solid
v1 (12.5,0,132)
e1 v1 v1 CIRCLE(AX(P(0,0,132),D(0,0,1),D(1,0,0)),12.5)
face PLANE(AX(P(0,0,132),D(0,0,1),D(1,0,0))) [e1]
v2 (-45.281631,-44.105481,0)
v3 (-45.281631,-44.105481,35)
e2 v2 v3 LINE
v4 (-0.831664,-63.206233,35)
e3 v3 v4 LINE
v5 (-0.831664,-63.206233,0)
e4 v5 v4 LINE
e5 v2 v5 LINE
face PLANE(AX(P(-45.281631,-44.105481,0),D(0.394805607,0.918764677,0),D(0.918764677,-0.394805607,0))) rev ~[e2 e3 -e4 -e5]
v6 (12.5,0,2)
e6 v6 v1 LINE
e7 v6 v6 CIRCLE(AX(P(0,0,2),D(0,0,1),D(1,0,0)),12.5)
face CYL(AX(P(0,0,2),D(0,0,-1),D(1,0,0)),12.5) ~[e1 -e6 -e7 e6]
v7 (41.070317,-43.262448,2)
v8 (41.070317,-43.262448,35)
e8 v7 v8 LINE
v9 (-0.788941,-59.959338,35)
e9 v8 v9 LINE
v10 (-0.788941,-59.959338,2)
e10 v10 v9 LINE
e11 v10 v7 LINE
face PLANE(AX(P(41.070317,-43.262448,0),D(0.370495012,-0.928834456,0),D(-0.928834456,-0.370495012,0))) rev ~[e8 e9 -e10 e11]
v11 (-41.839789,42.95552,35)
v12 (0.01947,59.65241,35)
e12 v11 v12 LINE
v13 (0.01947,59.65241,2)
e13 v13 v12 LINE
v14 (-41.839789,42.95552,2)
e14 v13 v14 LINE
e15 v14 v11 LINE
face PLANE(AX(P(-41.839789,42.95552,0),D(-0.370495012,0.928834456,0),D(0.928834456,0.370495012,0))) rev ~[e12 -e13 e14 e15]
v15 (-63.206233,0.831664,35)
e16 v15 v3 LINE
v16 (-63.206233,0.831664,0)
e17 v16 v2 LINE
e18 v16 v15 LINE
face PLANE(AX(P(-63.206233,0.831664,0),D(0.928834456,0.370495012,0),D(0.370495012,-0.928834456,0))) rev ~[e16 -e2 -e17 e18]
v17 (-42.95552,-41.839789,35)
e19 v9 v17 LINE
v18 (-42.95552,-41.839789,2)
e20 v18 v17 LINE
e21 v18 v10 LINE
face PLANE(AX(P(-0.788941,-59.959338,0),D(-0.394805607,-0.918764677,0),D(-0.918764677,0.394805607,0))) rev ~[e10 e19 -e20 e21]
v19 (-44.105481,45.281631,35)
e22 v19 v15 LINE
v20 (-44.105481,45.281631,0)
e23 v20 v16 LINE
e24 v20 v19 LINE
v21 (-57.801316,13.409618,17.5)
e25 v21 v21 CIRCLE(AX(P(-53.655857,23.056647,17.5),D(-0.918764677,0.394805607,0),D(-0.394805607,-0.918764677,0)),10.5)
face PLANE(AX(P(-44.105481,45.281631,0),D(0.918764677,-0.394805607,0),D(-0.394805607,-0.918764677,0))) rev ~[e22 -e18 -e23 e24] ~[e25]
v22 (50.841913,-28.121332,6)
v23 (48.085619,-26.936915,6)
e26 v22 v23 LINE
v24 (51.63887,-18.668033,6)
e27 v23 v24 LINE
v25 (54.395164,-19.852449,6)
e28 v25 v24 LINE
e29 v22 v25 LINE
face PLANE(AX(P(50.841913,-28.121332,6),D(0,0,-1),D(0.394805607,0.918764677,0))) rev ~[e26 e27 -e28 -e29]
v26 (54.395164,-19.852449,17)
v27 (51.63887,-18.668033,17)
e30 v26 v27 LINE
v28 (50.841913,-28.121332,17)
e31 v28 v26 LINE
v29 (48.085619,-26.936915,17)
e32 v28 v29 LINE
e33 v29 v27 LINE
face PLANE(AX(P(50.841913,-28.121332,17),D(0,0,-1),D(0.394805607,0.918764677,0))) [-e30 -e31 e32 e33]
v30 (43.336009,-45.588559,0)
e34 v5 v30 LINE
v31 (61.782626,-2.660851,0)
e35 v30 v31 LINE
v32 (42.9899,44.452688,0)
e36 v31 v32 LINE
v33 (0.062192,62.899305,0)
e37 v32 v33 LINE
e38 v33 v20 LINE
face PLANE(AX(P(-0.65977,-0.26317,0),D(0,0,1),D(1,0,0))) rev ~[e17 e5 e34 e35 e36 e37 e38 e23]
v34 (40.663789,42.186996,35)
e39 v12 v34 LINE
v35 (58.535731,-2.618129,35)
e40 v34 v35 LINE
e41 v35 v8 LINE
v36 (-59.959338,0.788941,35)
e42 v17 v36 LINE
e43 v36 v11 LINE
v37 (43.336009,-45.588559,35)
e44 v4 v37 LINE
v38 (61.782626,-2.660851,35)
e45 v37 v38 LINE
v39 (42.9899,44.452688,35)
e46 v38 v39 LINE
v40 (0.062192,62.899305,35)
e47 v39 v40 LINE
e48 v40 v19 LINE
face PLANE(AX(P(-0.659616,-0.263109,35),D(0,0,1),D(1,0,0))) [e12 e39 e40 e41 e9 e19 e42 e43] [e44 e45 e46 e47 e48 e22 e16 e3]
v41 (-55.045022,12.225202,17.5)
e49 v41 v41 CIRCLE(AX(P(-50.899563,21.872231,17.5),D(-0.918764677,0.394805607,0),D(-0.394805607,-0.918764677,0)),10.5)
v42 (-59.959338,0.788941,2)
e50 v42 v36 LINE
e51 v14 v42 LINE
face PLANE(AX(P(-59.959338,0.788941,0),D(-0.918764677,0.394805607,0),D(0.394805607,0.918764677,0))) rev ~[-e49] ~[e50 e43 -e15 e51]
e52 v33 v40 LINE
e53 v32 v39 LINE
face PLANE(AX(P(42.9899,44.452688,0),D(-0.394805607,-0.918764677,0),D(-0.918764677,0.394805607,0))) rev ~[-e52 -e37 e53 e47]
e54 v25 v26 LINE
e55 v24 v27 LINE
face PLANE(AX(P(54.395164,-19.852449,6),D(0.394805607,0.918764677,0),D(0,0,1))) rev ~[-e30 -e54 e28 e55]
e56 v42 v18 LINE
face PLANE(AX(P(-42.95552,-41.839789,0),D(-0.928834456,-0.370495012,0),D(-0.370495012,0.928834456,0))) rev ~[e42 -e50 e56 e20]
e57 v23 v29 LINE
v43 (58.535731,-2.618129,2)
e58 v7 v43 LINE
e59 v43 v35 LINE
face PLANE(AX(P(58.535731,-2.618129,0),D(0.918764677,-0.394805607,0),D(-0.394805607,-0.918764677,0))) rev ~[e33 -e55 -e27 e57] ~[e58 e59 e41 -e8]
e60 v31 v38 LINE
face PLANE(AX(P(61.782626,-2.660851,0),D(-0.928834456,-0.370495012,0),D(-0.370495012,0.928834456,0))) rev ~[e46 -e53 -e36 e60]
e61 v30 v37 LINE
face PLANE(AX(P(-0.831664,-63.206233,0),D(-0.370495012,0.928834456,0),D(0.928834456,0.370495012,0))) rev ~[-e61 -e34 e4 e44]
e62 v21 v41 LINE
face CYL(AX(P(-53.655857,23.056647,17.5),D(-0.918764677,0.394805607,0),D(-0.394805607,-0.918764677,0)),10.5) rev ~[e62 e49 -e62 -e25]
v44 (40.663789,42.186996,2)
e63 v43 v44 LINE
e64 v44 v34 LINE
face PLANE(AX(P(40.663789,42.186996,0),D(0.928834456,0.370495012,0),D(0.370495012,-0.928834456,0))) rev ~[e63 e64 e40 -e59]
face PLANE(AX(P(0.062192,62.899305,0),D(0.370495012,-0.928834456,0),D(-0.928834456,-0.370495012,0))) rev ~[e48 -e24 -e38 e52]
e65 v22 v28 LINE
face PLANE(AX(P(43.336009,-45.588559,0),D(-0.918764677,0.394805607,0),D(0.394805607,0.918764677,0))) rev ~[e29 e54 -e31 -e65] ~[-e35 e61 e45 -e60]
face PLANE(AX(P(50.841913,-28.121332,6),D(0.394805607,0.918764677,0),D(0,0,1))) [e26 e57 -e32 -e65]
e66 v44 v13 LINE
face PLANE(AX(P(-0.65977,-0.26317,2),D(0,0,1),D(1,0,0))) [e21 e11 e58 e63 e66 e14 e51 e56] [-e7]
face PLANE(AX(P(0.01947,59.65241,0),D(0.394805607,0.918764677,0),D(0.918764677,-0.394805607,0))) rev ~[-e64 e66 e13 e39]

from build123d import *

# Parameters (mm, degrees)
F1_DEPTH = 35
F2_DEPTH = 2
F3_W     = 9
F3_H     = 11
F4_DEPTH = 3
F5_R     = 12.5
F6_DEPTH = 130
F7_R     = 10.5
F8_DEPTH = 3


with BuildPart() as f1:
    # F0 (on Top) → F1 (new body)
    with BuildSketch(Plane.XY):
        Polygon((0.0621920733, 62.8993051266), (-44.1054810761, 45.2816312037), (-63.2062332438, 0.831663731), (-45.2816312037, -44.1054810761), (-0.831663731, -63.2062332438), (43.3360094184, -45.5885593209), (61.7826262379, -2.6608510081), (42.9899003861, 44.4526883072), align=None)
        Polygon((-42.9555200118, -41.8397885551), (-59.9593377004, 0.788941279), (-41.8397885551, 42.9555200118), (0.0194696214, 59.6524095833), (40.6637891941, 42.1869957861), (58.5357306946, -2.6181285562), (41.0703168974, -43.2624481289), (-0.788941279, -59.9593377004), align=None, mode=Mode.SUBTRACT)
    extrude(amount=F1_DEPTH)

    # F0 (on Top) → F2 (join)
    with BuildSketch(Plane.XY):
        Polygon((-41.8397885551, 42.9555200118), (-59.9593377004, 0.788941279), (-42.9555200118, -41.8397885551), (-0.788941279, -59.9593377004), (41.0703168974, -43.2624481289), (58.5357306946, -2.6181285562), (40.6637891941, 42.1869957861), (0.0194696214, 59.6524095833), align=None)
    extrude(amount=F2_DEPTH)

    # F3 (on face) → F4 (cut, through all)
    with BuildSketch(Plane(origin=(53.1176572725, -22.8253756971, 0), x_dir=(0.3948056073, 0.9187646774, 0), z_dir=(0.9187646774, -0.3948056073, 0))):
        with Locations((-1.2642135624, 11.5)):
            Rectangle(F3_W, F3_H)
    extrude(amount=-F4_DEPTH, mode=Mode.SUBTRACT)

    # F5 (on face) → F6 (join)
    with BuildSketch(Plane.XY.offset(2)):
        Circle(F5_R)
    extrude(amount=F6_DEPTH)

    # F7 (on face) → F8 (cut, through all)
    with BuildSketch(Plane(origin=(-53.6558571599, 23.0566474674, 0), x_dir=(-0.3948056073, -0.9187646774, 0), z_dir=(-0.9187646774, 0.3948056073, 0))):
        with Locations((0, 17.5)):
            Circle(F7_R)
    extrude(amount=-F8_DEPTH, mode=Mode.SUBTRACT)


solid = f1.part
